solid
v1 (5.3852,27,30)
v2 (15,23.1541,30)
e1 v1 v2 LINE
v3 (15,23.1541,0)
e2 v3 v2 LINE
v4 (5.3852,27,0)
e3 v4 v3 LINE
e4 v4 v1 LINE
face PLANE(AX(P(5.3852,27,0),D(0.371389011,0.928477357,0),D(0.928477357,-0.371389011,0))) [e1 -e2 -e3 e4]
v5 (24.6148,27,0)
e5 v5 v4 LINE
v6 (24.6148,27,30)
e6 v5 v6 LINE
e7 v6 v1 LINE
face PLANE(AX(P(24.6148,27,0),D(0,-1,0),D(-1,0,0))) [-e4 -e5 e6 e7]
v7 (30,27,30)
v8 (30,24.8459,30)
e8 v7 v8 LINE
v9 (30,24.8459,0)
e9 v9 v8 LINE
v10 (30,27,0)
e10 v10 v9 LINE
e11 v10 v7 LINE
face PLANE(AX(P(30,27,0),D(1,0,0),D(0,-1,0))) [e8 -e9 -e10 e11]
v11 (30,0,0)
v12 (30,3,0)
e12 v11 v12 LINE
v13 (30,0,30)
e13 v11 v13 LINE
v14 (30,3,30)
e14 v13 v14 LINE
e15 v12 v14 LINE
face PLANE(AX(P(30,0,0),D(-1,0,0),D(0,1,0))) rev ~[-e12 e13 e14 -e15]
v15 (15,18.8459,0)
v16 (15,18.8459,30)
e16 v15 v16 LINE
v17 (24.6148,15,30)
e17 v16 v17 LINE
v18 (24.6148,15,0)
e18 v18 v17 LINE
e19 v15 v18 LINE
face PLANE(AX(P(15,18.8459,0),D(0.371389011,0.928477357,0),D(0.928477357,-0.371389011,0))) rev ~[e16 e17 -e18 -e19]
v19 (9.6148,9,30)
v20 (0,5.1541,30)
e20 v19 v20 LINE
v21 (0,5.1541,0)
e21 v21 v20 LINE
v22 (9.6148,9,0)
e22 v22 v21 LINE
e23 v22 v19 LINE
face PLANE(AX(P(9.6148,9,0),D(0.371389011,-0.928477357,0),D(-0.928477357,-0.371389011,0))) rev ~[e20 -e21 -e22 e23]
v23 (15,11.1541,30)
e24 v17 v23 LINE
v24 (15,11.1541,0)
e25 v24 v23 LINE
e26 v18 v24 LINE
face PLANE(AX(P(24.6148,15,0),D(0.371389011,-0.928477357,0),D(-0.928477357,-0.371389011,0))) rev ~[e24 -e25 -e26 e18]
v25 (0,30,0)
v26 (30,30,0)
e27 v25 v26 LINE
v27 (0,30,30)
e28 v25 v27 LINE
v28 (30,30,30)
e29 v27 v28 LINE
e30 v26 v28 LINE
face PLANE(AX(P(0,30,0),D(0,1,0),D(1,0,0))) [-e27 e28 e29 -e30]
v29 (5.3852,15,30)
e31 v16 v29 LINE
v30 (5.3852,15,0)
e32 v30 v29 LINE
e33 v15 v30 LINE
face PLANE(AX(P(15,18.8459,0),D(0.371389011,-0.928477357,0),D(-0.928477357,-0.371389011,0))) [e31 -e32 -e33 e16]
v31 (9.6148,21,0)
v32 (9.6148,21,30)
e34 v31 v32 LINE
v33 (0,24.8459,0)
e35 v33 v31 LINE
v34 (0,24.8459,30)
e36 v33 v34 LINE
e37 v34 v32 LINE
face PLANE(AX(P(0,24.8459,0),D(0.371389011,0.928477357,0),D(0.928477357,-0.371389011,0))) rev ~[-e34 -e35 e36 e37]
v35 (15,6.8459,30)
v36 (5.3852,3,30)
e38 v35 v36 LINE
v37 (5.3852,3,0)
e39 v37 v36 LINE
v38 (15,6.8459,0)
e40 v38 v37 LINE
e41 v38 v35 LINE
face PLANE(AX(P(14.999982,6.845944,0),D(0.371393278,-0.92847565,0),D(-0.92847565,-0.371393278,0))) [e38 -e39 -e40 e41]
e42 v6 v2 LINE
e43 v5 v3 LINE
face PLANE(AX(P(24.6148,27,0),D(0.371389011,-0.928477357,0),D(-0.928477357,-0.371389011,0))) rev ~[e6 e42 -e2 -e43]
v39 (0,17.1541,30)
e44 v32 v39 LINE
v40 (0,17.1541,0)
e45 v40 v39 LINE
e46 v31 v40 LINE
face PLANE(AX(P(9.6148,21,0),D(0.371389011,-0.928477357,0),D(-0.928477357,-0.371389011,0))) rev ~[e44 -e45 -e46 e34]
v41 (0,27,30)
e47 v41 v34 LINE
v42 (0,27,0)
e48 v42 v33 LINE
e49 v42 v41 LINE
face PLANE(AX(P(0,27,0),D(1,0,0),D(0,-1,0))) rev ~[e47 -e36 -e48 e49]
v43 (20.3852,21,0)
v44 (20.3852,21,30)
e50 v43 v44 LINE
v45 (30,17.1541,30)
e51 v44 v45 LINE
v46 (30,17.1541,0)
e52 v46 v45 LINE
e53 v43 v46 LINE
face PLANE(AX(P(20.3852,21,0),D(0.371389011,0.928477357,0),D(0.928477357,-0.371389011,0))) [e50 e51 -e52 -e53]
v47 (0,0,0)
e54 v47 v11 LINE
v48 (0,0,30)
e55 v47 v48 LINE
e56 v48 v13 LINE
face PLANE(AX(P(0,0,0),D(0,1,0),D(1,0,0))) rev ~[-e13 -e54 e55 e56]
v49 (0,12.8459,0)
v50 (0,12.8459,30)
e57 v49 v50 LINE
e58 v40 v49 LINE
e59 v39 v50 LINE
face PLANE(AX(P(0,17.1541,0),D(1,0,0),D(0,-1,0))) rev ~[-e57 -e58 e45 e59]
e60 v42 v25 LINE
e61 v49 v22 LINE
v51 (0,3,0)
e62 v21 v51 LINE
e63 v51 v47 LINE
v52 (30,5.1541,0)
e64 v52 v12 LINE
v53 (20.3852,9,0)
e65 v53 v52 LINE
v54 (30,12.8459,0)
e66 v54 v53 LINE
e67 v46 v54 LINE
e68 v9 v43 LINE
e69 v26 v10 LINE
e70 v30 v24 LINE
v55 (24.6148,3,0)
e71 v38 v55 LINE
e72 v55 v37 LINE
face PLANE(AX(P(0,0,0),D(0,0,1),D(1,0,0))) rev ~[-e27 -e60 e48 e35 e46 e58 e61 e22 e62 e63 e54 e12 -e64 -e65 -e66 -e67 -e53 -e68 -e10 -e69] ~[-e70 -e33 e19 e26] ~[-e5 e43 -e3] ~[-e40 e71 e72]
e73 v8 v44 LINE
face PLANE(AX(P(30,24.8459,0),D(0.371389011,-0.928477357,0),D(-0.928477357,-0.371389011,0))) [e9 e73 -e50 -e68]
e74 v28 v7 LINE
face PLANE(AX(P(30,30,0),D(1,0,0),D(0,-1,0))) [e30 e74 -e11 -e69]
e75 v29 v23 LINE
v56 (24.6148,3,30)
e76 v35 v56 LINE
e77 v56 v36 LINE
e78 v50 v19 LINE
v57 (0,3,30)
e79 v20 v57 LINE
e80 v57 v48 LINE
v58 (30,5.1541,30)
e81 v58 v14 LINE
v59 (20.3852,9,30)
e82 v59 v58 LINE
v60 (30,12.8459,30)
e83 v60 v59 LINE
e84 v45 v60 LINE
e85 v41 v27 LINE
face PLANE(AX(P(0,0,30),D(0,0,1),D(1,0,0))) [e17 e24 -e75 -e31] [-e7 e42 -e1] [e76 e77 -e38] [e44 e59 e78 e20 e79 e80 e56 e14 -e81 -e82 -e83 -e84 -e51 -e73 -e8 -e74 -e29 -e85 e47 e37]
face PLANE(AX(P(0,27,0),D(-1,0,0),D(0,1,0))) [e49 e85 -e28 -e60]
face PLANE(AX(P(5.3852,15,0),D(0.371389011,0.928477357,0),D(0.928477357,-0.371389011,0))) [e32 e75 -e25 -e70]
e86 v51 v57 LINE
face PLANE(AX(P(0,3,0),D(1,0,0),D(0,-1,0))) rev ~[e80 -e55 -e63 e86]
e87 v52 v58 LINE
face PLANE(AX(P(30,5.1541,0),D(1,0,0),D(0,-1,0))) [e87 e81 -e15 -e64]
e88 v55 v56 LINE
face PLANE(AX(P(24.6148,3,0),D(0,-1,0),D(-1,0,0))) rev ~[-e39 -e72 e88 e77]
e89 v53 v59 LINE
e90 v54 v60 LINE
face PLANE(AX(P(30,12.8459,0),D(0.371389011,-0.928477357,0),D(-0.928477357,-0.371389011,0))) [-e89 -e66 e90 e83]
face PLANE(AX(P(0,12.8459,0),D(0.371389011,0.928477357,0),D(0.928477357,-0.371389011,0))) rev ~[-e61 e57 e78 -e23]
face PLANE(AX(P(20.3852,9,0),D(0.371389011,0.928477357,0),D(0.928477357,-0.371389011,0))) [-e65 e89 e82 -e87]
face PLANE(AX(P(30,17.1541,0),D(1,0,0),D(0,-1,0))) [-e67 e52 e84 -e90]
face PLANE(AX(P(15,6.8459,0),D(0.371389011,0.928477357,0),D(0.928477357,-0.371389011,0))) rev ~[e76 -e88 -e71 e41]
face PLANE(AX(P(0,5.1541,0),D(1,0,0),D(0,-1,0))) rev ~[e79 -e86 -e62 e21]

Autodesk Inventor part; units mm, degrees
ref_plane "YZ Plane" through (0, 0, 0) normal (1, 0, 0) x (0, 1, 0)
ref_plane "XZ Plane" through (0, 0, 0) normal (0, 1, 0) x (-1, 0, 0)
ref_plane "XY Plane" through (0, 0, 0) normal (0, 0, 1) x (1, 0, 0)
sketch "Sketch1" plane through (0, 0, 0) normal (0, 0, 1) x (1, 0, 0)
  line L0 (0, 0) -> (30, 0) construction
  line L1 (30, 0) -> (30, 30) construction
  line L2 (30, 30) -> (0, 30) construction
  line L3 (0, 30) -> (0, 0) construction
  line L4 (0, 0) -> (30, 0)
  line L5 (36.8144, 0) -> (36.8144, 3)
  line L6 (0, 3) -> (0, 0)
  line L7 (0, 30) -> (30, 30)
  line L8 (30, 30) -> (30, 27)
  line L9 (24.6148, 27) -> (5.3852, 27)
  line L10 (0, 27) -> (0, 30)
  line L11 (0, 15) -> (30, 15) construction
  line L12 (30, 27) -> (0, 15) construction
  line L13 (12.3074, 22.077) -> (30, 15) construction
  line L14 (30, 27) -> (30, 3)
  line L15 (0, 27) -> (0, 3)
  line L16 (24.6148, 27) -> (15, 23.1541)
  line L17 (9.6148, 21) -> (0, 17.1541)
  line L18 (30, 24.8459) -> (20.3852, 21)
  line L19 (5.3852, 27) -> (15, 23.1541)
  line L20 (20.3852, 21) -> (30, 17.1541)
  line L21 (0, 24.8459) -> (9.6148, 21)
  line L22 (20.3852, 9) -> (30, 5.1541)
  line L23 (0, 12.8459) -> (9.6148, 9)
  line L24 (15, 6.8459) -> (24.6148, 3)
  line L25 (24.6148, 15) -> (15, 11.1541)
  line L26 (9.6148, 9) -> (0, 5.1541)
  line L27 (0, 15) -> (15, 9) construction
  line L28 (17.6926, 7.923) -> (30, 3) construction
  line L29 (15, 18.8459) -> (5.3852, 15)
  line L30 (5.3852, 15) -> (15, 11.1541)
  line L31 (36.8144, 3) -> (35.3852, 3)
  line L32 (24.6148, 3) -> (5.3852, 3)
  line L33 (30, 0) -> (30, 3)
  line L34 (30, 15) -> (27.3074, 13.923) construction
  line L35 (15, 9) -> (0, 3) construction
  line L36 (15, 18.8459) -> (24.6148, 15)
  line L37 (30, 12.8459) -> (20.3852, 9)
  line L38 (17.6926, 7.923) -> (5.3852, 3)
  line L39 (0, 9) -> (0, 37.598)
  line L40 (0, 24.8459) -> (0, 17.1541)
  dimension "d0" = 30
  dimension "d1" = 30
  dimension "d2" = 3
  dimension "d3" = 3
extrude "Extrusion1" add sketch "Sketch1" along normal blind 30 contours L6 L15 L26 L23 L17 L21 L10 L7 L8 L14 L18 L20 L37 L22 L33 L4
properties part number "Jack"
